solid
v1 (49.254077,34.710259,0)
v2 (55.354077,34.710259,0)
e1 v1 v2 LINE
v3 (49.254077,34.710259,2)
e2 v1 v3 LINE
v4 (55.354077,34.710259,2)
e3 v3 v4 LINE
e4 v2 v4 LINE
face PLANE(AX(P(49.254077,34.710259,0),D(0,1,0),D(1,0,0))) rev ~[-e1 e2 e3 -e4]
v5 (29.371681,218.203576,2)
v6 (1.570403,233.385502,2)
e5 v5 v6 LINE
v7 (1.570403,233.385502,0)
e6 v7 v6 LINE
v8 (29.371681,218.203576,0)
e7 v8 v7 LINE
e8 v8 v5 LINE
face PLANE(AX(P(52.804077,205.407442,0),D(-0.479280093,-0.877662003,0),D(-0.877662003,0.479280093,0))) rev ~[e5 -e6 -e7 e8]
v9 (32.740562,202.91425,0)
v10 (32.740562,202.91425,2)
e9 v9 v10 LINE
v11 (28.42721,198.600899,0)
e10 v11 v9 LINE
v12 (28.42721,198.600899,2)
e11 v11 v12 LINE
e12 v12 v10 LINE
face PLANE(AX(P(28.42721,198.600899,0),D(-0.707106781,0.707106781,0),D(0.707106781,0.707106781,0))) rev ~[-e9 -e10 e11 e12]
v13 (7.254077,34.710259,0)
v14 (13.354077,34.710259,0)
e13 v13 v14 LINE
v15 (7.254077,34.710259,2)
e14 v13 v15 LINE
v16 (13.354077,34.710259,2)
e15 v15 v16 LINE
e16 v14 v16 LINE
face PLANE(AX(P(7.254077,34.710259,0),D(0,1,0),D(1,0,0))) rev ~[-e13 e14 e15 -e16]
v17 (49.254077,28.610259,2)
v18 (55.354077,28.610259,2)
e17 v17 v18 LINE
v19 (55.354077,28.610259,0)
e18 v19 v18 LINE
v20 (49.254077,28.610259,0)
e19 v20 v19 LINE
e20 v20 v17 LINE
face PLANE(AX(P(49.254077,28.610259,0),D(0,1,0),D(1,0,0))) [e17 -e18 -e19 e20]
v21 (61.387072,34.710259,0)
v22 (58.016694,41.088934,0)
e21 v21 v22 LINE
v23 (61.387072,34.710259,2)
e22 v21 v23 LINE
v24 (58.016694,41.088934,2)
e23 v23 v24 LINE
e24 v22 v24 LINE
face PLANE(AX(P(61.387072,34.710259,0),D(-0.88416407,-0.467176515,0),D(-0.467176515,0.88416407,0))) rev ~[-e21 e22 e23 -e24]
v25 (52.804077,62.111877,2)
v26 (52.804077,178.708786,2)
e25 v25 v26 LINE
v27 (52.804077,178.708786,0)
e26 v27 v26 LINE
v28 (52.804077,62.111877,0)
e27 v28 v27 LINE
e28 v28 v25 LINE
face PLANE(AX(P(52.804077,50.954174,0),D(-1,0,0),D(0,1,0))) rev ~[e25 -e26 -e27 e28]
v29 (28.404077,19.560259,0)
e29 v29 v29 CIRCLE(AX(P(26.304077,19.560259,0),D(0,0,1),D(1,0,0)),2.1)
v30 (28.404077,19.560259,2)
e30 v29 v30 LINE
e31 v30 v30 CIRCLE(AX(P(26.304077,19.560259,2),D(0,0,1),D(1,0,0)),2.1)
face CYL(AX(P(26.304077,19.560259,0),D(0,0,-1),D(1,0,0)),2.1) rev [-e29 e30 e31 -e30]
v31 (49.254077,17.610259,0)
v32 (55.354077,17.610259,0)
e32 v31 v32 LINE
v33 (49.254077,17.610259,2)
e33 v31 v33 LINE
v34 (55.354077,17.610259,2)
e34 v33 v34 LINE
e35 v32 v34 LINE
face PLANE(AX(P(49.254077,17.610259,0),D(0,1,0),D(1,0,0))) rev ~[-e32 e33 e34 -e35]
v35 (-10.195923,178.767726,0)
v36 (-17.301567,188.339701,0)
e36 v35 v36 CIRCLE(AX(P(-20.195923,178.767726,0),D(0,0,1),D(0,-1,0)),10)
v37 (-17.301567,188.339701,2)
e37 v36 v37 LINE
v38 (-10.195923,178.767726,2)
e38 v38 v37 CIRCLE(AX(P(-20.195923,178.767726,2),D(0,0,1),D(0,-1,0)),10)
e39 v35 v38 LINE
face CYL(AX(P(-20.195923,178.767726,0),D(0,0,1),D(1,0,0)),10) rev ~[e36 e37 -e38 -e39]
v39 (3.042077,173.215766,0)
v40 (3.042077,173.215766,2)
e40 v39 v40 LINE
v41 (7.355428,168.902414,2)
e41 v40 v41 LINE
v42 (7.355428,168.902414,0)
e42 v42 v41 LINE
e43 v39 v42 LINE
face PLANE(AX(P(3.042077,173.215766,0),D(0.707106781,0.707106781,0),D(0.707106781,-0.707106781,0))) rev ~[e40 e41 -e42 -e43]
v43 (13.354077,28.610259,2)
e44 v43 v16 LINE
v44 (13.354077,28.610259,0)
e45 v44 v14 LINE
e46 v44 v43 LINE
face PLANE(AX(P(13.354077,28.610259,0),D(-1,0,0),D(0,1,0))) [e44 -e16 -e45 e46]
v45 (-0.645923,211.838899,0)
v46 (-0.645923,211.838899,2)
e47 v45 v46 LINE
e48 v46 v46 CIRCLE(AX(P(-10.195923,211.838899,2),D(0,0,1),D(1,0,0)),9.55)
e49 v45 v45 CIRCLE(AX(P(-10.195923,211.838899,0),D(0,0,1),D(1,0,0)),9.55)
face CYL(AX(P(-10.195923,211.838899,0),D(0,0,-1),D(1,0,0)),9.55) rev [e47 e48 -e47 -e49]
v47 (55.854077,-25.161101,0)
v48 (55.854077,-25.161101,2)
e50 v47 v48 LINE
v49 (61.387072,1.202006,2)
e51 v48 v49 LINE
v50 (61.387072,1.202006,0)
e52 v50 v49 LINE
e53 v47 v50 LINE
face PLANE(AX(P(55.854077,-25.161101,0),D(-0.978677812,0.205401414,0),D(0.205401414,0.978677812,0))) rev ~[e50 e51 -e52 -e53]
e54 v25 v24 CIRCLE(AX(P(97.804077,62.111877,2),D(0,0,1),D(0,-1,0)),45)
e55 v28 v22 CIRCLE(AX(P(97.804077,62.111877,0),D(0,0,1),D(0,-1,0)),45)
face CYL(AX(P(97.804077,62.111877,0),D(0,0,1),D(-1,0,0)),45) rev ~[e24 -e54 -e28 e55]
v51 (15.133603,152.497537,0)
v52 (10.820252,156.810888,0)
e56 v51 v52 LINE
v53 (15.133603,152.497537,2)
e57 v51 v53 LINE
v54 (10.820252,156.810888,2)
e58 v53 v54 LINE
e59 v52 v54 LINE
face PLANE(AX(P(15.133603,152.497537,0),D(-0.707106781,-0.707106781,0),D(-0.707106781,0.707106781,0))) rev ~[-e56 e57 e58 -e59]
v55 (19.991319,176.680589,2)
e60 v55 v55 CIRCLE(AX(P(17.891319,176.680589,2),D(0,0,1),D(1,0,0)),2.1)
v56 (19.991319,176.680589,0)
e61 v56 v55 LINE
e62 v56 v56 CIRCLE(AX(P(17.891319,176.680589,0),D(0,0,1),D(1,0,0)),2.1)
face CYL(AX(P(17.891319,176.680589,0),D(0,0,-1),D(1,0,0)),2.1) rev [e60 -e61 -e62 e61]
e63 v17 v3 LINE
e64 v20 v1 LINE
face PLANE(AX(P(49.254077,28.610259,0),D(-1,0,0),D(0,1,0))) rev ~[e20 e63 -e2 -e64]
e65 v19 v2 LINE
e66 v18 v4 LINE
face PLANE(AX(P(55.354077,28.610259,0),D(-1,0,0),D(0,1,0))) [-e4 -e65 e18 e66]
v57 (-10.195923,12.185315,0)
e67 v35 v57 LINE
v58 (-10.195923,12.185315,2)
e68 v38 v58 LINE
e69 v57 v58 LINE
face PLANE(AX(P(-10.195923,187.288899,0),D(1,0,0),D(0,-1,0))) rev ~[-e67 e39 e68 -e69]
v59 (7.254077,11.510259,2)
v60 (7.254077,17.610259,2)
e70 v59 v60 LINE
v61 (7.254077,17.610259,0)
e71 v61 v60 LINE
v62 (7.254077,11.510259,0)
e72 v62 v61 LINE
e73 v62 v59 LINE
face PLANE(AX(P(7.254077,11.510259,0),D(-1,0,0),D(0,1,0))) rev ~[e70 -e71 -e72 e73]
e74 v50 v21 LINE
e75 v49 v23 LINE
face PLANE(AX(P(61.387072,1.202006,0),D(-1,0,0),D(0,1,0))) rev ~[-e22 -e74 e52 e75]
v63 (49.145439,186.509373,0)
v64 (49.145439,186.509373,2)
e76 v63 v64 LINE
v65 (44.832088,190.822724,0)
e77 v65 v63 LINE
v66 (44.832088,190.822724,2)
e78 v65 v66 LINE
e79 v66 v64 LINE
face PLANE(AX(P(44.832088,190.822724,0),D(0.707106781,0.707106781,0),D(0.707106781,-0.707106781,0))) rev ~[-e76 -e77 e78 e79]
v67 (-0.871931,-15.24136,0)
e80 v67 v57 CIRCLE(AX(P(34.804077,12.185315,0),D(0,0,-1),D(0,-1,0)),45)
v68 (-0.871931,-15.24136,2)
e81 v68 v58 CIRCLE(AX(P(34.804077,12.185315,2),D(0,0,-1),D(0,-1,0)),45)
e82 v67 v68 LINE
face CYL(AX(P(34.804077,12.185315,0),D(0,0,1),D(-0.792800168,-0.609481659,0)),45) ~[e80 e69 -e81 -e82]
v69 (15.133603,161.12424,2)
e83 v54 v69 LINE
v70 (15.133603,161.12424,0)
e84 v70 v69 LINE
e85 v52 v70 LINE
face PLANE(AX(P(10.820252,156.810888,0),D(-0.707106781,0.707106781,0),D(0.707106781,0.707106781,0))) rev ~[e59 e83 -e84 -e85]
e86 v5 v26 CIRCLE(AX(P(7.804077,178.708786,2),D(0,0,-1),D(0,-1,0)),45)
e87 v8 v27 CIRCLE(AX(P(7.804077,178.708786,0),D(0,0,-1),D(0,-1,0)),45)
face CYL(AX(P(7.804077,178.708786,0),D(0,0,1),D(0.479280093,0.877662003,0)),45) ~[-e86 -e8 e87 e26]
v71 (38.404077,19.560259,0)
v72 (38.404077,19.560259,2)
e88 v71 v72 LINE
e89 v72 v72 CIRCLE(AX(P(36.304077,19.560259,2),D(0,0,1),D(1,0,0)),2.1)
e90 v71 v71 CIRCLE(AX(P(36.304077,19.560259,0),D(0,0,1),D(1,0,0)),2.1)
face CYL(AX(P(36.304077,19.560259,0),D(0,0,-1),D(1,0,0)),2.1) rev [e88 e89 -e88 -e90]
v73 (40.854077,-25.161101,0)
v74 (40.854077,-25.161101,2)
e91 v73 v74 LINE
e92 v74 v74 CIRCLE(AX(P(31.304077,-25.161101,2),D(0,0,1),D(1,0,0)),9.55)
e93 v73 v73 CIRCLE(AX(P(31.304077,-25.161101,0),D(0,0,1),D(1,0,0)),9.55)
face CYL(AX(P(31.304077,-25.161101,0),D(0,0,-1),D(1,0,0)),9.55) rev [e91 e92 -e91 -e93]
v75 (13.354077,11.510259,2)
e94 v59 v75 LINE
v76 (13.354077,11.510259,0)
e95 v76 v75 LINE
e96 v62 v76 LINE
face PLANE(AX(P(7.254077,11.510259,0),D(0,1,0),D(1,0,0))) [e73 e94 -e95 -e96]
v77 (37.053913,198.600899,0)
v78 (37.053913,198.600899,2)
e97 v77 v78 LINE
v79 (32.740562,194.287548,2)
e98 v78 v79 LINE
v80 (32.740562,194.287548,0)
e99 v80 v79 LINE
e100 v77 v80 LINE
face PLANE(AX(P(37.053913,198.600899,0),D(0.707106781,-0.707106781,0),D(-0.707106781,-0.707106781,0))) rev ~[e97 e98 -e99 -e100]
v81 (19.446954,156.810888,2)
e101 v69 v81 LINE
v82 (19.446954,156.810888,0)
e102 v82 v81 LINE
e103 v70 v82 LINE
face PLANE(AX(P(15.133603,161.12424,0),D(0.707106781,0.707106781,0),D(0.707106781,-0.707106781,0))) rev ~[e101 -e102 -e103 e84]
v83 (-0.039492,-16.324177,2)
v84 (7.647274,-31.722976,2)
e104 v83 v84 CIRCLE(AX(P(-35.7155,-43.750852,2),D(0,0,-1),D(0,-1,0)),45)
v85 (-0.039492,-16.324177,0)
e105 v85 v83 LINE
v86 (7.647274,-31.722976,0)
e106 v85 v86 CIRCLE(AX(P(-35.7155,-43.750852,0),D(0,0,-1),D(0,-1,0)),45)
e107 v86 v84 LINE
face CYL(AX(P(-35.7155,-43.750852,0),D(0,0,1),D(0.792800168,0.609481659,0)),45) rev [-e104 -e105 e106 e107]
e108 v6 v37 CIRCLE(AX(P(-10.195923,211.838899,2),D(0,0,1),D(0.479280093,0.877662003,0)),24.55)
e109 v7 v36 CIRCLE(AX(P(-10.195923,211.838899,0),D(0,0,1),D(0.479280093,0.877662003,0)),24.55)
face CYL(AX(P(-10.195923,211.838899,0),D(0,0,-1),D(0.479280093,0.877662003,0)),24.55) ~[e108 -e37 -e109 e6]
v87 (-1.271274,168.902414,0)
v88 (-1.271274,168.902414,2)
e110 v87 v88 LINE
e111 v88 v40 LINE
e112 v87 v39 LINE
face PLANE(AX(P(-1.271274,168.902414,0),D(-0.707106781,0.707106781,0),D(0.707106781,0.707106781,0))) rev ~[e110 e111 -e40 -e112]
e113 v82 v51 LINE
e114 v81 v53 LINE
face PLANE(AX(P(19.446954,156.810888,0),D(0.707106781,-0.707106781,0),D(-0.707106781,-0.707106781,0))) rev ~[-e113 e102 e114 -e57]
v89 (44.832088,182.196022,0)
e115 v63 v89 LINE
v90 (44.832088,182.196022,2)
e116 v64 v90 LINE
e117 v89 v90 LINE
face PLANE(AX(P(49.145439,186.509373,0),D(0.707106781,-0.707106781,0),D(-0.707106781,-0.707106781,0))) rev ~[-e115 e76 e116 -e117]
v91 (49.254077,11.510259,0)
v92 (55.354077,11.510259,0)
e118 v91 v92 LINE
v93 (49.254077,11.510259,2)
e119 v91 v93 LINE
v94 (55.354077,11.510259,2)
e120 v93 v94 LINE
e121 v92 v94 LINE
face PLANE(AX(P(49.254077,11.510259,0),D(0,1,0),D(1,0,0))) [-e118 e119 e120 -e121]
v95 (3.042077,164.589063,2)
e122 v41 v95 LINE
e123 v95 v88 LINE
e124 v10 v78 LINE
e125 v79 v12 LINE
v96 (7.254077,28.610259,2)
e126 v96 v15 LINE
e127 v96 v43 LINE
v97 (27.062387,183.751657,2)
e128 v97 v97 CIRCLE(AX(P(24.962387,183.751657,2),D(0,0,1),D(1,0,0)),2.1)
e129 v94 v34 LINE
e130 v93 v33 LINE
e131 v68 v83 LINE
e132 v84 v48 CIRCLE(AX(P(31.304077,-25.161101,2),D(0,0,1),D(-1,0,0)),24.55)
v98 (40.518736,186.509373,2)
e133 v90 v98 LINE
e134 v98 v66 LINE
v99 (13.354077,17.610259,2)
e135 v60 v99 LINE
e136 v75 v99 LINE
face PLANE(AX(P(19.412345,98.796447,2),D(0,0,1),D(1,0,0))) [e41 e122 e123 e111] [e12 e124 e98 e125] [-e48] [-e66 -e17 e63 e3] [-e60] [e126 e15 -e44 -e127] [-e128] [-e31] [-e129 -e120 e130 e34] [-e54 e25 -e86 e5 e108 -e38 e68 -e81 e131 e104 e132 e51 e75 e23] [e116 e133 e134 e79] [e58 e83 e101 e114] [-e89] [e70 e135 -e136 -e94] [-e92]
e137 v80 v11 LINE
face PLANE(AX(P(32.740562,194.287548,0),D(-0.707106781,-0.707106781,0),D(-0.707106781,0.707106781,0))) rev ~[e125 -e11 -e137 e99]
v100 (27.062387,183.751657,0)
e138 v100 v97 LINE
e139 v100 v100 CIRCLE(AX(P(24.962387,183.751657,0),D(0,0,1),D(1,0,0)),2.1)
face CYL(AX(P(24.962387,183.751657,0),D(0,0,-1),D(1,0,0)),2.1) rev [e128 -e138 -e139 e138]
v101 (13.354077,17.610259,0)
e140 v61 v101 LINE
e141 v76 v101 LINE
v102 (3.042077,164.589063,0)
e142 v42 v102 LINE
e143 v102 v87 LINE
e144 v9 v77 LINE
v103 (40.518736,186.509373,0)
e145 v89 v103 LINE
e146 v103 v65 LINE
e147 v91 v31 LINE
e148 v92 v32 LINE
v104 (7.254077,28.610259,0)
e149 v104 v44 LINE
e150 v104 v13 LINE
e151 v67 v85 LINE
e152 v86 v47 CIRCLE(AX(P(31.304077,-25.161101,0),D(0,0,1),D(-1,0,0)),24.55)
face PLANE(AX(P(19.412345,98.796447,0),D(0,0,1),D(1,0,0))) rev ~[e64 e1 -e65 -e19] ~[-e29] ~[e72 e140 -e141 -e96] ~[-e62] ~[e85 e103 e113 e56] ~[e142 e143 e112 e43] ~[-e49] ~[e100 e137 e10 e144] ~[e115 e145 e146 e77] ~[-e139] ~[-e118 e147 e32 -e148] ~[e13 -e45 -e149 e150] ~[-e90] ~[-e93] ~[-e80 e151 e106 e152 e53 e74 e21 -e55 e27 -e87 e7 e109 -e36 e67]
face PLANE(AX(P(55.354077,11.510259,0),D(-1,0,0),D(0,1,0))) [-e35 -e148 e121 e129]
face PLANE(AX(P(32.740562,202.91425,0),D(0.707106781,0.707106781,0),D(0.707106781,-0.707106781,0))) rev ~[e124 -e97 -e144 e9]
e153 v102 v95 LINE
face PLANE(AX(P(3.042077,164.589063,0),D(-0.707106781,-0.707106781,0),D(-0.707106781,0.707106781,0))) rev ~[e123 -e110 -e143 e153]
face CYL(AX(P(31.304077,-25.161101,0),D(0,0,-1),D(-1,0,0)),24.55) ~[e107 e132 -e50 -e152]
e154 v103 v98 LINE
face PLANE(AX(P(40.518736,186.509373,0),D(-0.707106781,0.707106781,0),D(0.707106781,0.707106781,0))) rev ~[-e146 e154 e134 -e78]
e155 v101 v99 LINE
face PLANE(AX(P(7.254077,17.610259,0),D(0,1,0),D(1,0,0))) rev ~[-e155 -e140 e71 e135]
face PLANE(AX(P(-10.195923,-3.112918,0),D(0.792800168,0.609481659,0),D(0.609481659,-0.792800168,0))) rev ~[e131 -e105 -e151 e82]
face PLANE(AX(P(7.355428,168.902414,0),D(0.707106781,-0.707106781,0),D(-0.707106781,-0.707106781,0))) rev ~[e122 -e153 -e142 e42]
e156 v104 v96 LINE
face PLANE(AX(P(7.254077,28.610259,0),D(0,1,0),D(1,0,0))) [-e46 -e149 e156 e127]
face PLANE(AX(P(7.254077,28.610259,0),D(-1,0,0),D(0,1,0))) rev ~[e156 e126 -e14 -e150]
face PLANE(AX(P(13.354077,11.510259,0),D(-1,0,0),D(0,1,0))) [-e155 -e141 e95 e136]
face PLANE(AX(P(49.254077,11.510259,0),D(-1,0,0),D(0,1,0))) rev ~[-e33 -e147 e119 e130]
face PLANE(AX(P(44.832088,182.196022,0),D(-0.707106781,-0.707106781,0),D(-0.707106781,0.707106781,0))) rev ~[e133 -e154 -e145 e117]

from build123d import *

# Parameters (mm, degrees)
SKETCH_1_W      = 6.1
SKETCH_1_H      = 6.1
SKETCH_1_R      = 9.55
SKETCH_1_R_2    = 2.1
EXTRUDE_2_DEPTH = 2
FILLET_1_R      = 45
FILLET_2_R      = 10


with BuildPart() as part:
    # 草图1 → 凸台-拉伸2 (new body)
    with BuildSketch(Plane.XY):
        with BuildLine():
            Line((-10.195923298, 166.045688989), (-10.195923298, 93.338899377))
            Line((-10.195923298, 93.338899377), (-10.195923298, -3.112918115))
            Line((-10.195923298, -3.112918115), (6.754076702, -25.161100623))
            ThreePointArc((6.754076702, -25.161100623), (31.304076702, -49.711100623), (55.854076702, -25.161100623))
            Line((55.854076702, -25.161100623), (61.387071712, 1.202006387))
            Line((61.387071712, 1.202006387), (61.387071712, 34.710258927))
            Line((61.387071712, 34.710258927), (52.804076702, 50.954174352))
            Line((52.804076702, 50.954174352), (52.804076702, 93.338899377))
            Line((52.804076702, 93.338899377), (52.804076702, 205.407441872))
            Line((52.804076702, 205.407441872), (1.570402993, 233.385501559))
            ThreePointArc((1.570402993, 233.385501559), (-33.983226461, 217.910695504), (-10.195923298, 187.288899377))
            Line((-10.195923298, 187.288899377), (-10.195923298, 166.045688989))
        make_face()
        with Locations((10.304076702, 14.560258927)):
            Rectangle(SKETCH_1_W, SKETCH_1_H, mode=Mode.SUBTRACT)
        with Locations((10.304076702, 31.660258927)):
            Rectangle(SKETCH_1_W, SKETCH_1_H, mode=Mode.SUBTRACT)
        with Locations((31.304076702, -25.161100623)):
            Circle(SKETCH_1_R, mode=Mode.SUBTRACT)
        with Locations((26.304076702, 19.560258927)):
            Circle(SKETCH_1_R_2, mode=Mode.SUBTRACT)
        with Locations((36.304076702, 19.560258927)):
            Circle(SKETCH_1_R_2, mode=Mode.SUBTRACT)
        with Locations((52.304076702, 14.560258927)):
            Rectangle(SKETCH_1_W, SKETCH_1_H, mode=Mode.SUBTRACT)
        with Locations((52.304076702, 31.660258927)):
            Rectangle(SKETCH_1_W, SKETCH_1_H, mode=Mode.SUBTRACT)
        Polygon((7.355428358, 168.902414276), (3.042076993, 164.589062911), (-1.271274372, 168.902414276), (3.042076993, 173.215765641), align=None, mode=Mode.SUBTRACT)
        with Locations((-10.195923298, 211.838899377)):
            Circle(SKETCH_1_R, mode=Mode.SUBTRACT)
        Polygon((19.446954316, 156.810888318), (15.133602951, 152.497536952), (10.820251586, 156.810888318), (15.133602951, 161.124239683), align=None, mode=Mode.SUBTRACT)
        with Locations((17.891319398, 176.680588869)):
            Circle(SKETCH_1_R_2, mode=Mode.SUBTRACT)
        with Locations((24.96238721, 183.751656681)):
            Circle(SKETCH_1_R_2, mode=Mode.SUBTRACT)
        Polygon((32.740561803, 202.914250451), (37.053913168, 198.600899086), (32.740561803, 194.28754772), (28.427210437, 198.600899086), align=None, mode=Mode.SUBTRACT)
        Polygon((49.145439126, 186.509373127), (44.832087761, 182.196021762), (40.518736396, 186.509373127), (44.832087761, 190.822724493), align=None, mode=Mode.SUBTRACT)
    extrude(amount=EXTRUDE_2_DEPTH)

    # 圆角1
    fillet_1_edges = [part.edges().sort_by_distance(p)[0] for p in [
        (-10.195923298, -3.112918115, 1),
        (52.804076702, 205.407441872, 1),
        (52.804076702, 50.954174352, 1),
        (6.754076702, -25.161100623, 1),
    ]]
    fillet(fillet_1_edges, radius=FILLET_1_R)

    # 圆角2
    fillet_2_edges = [part.edges().sort_by_distance(p)[0] for p in [
        (-10.195923298, 187.288899377, 1),
    ]]
    fillet(fillet_2_edges, radius=FILLET_2_R)


solid = part.part
